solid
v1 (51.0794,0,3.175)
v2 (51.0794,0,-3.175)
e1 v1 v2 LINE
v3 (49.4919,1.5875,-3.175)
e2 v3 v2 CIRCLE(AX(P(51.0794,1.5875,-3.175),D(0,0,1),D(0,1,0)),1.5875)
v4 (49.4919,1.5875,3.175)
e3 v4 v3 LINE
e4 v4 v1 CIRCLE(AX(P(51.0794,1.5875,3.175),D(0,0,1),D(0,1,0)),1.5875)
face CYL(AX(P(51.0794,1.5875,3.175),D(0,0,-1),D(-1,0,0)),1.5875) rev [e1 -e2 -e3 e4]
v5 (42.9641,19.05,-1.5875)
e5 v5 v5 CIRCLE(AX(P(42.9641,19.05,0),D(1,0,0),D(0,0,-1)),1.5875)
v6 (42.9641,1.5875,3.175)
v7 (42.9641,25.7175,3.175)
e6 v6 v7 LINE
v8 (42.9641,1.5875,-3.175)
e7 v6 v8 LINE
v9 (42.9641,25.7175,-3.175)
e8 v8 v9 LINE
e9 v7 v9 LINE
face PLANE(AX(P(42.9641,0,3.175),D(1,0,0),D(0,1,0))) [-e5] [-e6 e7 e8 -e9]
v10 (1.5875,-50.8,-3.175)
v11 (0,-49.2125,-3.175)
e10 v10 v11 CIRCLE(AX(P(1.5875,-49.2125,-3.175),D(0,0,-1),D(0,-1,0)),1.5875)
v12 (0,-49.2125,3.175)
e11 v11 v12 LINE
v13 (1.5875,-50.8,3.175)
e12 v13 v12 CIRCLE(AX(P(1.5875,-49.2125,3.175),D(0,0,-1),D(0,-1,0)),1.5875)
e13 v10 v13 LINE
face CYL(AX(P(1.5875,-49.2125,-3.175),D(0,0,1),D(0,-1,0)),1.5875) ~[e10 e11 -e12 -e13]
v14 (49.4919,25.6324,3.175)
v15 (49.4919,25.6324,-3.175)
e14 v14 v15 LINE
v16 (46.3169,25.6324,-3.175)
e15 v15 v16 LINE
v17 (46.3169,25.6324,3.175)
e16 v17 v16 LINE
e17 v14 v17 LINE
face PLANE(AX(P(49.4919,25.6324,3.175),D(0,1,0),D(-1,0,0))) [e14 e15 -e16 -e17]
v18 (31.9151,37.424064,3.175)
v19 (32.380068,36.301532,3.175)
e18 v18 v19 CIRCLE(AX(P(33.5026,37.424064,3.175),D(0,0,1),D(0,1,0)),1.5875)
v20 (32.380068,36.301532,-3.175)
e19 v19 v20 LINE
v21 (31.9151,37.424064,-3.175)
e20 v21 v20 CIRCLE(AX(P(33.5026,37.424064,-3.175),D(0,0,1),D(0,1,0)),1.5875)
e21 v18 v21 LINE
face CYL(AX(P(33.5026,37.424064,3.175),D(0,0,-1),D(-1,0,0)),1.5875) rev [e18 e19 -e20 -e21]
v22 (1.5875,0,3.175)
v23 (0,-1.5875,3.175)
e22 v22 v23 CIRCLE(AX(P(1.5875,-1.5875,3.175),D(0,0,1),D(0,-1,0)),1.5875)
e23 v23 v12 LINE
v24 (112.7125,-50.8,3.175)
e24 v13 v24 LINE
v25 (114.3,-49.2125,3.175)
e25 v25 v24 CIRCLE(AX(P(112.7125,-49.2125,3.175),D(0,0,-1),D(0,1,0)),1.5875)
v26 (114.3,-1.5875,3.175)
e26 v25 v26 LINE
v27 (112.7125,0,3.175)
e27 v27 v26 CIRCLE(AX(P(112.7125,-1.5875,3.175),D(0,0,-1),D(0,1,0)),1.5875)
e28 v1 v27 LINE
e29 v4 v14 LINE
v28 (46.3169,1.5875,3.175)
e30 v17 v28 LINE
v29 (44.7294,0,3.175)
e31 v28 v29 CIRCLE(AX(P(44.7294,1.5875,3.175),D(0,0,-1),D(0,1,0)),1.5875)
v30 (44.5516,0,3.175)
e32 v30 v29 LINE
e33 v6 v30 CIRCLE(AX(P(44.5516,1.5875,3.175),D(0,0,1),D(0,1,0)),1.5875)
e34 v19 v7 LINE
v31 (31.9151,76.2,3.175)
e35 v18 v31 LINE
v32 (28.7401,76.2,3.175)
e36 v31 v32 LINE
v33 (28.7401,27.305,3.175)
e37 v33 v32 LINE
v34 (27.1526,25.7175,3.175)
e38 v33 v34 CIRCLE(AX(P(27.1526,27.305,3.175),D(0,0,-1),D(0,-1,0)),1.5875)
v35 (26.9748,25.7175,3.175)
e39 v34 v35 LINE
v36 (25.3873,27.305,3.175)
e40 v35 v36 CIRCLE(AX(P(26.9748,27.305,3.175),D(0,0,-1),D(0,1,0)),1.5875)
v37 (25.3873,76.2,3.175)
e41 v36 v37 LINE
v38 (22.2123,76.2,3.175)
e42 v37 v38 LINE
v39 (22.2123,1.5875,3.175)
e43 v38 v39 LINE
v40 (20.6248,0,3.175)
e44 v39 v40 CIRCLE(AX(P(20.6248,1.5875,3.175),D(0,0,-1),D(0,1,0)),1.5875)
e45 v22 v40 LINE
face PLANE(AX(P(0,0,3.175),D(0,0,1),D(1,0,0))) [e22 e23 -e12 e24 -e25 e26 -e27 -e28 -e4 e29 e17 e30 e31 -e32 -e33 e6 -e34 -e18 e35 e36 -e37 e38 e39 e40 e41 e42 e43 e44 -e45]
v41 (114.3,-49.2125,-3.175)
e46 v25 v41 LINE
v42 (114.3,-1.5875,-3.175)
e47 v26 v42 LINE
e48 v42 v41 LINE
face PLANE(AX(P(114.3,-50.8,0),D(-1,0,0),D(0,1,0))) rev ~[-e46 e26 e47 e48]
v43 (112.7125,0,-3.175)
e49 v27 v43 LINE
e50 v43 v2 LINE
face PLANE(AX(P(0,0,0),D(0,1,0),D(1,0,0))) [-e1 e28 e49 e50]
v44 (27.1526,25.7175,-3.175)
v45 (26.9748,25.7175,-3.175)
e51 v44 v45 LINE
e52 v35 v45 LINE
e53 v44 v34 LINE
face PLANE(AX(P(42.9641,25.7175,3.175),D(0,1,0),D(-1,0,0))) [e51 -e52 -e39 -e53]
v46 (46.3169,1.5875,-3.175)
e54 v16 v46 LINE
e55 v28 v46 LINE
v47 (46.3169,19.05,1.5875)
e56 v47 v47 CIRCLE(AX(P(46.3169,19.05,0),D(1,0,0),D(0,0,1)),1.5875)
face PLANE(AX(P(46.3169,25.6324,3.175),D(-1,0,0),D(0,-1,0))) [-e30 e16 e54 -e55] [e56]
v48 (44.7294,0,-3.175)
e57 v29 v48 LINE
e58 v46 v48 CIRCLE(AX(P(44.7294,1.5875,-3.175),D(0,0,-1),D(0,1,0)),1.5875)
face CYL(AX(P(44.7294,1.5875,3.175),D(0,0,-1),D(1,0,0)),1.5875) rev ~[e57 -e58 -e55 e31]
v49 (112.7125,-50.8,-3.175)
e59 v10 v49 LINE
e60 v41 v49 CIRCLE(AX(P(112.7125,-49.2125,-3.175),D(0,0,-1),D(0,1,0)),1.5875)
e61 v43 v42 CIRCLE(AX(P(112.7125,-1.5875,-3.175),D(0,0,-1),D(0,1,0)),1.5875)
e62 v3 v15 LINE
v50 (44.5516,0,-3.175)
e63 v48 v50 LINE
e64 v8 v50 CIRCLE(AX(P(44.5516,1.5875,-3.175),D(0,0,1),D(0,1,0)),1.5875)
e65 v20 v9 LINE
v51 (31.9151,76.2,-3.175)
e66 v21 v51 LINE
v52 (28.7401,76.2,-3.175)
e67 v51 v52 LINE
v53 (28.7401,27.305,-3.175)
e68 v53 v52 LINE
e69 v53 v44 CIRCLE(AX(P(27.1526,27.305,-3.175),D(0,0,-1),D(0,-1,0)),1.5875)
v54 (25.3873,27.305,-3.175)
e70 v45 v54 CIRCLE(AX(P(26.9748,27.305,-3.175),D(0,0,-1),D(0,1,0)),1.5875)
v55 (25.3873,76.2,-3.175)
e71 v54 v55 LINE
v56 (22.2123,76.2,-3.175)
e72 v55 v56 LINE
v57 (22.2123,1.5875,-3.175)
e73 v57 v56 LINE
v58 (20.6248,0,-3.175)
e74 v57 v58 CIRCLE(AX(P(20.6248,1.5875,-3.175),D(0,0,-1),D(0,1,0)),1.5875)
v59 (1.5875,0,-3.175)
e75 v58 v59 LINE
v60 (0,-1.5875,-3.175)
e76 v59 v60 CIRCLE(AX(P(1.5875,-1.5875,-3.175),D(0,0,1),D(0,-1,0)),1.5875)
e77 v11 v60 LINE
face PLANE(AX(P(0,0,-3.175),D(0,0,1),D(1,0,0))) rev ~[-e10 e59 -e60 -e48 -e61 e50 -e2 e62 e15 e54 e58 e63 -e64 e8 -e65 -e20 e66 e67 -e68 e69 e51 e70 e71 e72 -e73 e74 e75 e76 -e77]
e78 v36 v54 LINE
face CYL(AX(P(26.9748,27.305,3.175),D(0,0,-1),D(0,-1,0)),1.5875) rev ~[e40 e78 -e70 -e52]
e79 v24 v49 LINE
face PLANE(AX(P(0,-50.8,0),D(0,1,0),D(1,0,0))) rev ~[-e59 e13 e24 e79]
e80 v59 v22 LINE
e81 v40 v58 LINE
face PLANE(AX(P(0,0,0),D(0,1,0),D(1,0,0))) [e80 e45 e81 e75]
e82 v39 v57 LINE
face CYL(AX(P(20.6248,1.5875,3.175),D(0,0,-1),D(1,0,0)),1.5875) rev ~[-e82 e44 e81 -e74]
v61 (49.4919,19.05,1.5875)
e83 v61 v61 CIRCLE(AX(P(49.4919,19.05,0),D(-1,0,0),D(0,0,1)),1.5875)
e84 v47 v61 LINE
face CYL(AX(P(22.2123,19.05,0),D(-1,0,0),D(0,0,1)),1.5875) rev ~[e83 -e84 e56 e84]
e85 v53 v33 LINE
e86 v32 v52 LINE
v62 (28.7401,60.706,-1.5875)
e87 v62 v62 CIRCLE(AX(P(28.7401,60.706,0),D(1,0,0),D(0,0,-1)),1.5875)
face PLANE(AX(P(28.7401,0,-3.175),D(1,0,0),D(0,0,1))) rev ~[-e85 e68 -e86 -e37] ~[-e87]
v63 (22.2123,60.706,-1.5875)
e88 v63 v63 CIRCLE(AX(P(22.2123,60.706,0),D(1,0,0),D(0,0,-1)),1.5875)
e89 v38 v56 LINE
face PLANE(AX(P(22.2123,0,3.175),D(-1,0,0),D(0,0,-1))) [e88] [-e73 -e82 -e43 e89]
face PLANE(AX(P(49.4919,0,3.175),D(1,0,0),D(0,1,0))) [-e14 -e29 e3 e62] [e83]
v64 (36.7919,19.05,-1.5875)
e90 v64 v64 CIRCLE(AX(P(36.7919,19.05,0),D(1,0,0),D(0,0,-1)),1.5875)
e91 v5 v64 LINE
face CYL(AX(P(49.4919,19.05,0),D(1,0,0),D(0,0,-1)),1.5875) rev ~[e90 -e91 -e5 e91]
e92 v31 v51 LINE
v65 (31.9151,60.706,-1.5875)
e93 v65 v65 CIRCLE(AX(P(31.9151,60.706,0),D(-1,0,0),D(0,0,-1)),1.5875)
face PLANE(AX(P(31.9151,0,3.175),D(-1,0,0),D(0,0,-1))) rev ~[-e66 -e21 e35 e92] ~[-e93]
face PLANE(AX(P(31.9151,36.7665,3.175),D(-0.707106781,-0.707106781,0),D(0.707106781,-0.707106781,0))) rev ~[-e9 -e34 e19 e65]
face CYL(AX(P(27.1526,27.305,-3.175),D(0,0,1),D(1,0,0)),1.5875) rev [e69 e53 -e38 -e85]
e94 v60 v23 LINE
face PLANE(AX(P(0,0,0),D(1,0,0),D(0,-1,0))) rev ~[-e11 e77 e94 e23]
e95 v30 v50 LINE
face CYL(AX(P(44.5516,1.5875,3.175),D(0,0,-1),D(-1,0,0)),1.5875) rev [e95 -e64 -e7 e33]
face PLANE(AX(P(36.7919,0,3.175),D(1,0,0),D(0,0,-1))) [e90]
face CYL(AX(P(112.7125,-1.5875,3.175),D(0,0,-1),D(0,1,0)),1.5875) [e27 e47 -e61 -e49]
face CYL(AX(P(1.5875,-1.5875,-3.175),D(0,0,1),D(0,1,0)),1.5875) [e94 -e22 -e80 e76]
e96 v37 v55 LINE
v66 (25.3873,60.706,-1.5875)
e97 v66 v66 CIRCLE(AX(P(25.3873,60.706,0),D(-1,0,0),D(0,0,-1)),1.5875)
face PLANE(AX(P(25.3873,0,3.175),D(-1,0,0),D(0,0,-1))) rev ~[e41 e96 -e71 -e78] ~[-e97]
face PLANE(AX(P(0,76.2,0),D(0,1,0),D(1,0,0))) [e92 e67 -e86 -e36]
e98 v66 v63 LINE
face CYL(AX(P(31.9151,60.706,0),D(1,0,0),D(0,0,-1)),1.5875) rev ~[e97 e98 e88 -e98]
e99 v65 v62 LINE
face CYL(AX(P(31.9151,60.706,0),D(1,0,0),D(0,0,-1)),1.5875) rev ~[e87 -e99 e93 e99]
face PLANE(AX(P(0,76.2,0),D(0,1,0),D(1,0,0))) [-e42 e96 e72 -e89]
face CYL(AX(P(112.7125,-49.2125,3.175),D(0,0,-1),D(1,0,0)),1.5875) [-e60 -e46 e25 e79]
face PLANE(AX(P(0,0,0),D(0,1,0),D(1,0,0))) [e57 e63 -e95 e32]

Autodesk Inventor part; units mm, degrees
ref_plane "YZ Plane" through (0, 0, 0) normal (1, 0, 0) x (0, 1, 0)
ref_plane "XZ Plane" through (0, 0, 0) normal (0, 1, 0) x (-1, 0, 0)
ref_plane "XY Plane" through (0, 0, 0) normal (0, 0, 1) x (1, 0, 0)
sketch "Sketch1" plane through (0, 0, 0) normal (0, 0, 1) x (1, 0, 0)
  line L0 (0, 0) -> (114.3, 0)
  line L1 (0, 0) -> (0, -50.8)
  line L2 (0, -50.8) -> (114.3, -50.8)
  line L3 (114.3, -50.8) -> (114.3, 0)
  dimension "d1" = 114.3
  dimension "d2" = 50.8
  dimension "d3" = 114.3
extrude "Extrusion1" add sketch "Sketch1" along normal blind 3.175
sketch "Sketch2" plane through (0, 0, 0) normal (0, 1, 0) x (1, 0, 0)
  line L0 (114.3, -3.175) -> (0, -3.175) projected
  line L1 (25.3873, -1.5875) -> (25.3873, 0)
  line L2 (25.3873, -3.175) -> (25.3873, -1.5875)
  line L3 (28.7401, -1.5875) -> (28.7401, -3.175)
  line L4 (28.7401, -1.5875) -> (28.7401, 0)
  line L5 (25.3873, -3.175) -> (22.2123, -3.175)
  line L6 (22.2123, -3.175) -> (22.2123, 3.175)
  line L7 (28.7401, -3.175) -> (31.9151, -3.175)
  line L8 (31.9151, -3.175) -> (31.9151, 3.175)
  line L9 (25.3873, 0) -> (25.3873, 3.175)
  line L10 (25.3873, 3.175) -> (22.2123, 3.175)
  line L11 (31.9151, 3.175) -> (28.7401, 3.175)
  line L12 (28.7401, 3.175) -> (28.7401, 0)
  point P0 (27.0637, -1.5875)
  dimension "d7" = 1.6764
  dimension "d8" = 1.6764
  dimension "d9" = 3.175
  dimension "d10" = 6.35
  dimension "d11" = 3.175
sketch "Sketch3" plane through (0, 0, 0) normal (0, 0, -1) x (-1, 0, 0)
  line L0 (-114.3, 0) -> (0, 0) projected
  line L1 (0, -50.8) -> (-114.3, -50.8) projected
  line L2 (0, 0) -> (-114.3, 0)
  line L3 (-114.3, 0) -> (-114.3, -50.8)
  line L4 (-114.3, -50.8) -> (0, -50.8)
  line L5 (0, -50.8) -> (0, 0)
extrude "Extrusion2" add sketch "Sketch3" along normal blind 3.175
extrude "Extrusion3" add sketch "Sketch2" along normal blind 76.2 contours L0 L3 L4 L12 L11 L8
extrude "Extrusion4" add sketch "Sketch2" along normal blind 76.2 contours L0 L6 L10 L9 L1 L2
sketch "Sketch4" plane through (31.9151, 0, 3.175) normal (1, 0, 0) x (0, 0, -1)
  line L0 (3.175, 0) -> (3.175, 19.05)
  circle A0 centre (3.175, 19.05) radius 1.5875
  dimension "d18" = 19.05
  dimension "d19" = 3.175
extrude "Extrusion5" cut sketch "Sketch4" along normal mid plane 50.8
sketch "Sketch5" plane through (31.9151, 0, 3.175) normal (1, 0, 0) x (0, 0, -1)
  circle A0 centre (3.175, 19.05) radius 1.5875 projected
  line L0 (3.175, 19.05) -> (3.175, 60.706)
  circle A1 centre (3.175, 60.706) radius 1.5875
  point P0 (3.175, 0)
  dimension "d22" = 41.656
  dimension "d23" = 3.175
extrude "Extrusion6" cut sketch "Sketch5" against normal blind 50.8 contours A1
sketch "Sketch6" plane through (25.3873, 0, 3.175) normal (1, 0, 0) x (0, 0, -1)
  point P0 (3.175, 0)
sketch "Sketch7" plane through (0, 0, 3.175) normal (0, 0, 1) x (1, 0, 0)
  point P0 (0, 0)
sketch "Sketch8" plane through (0, 0, 3.175) normal (0, 0, 1) x (1, 0, 0)
  line L0 (38.0873, 0) -> (41.2623, 0)
  line L1 (41.2623, 0) -> (41.2623, 22.5425)
  line L2 (38.0873, 0) -> (38.0873, 22.5425)
  line L3 (38.0873, 22.5425) -> (41.2623, 22.5425)
  line L4 (38.0873, 22.5425) -> (31.9151, 22.5425)
  line L5 (31.9151, 0) -> (31.9151, 76.2) projected
  line L6 (41.2623, 22.5425) -> (41.2623, 25.7175)
  line L7 (41.2623, 25.7175) -> (31.9151, 25.7175)
  point P0 (0, 0)
  dimension "d30" = 3.175
  dimension "d34" = 3.175
sketch "Sketch9" plane through (0, 0, 3.175) normal (0, 0, 1) x (1, 0, 0)
  line L0 (41.2623, 25.7175) -> (41.2623, 0) projected
  line L1 (31.9151, 0) -> (114.3, 0) projected
  line L2 (44.6151, 0) -> (44.6151, 25.6324)
  line L3 (44.6151, 25.6324) -> (47.7901, 25.6324)
  line L4 (47.7901, 0) -> (47.7901, 25.6324)
  line L5 (44.6151, 0) -> (47.7901, 0)
  point P0 (0, 0)
  dimension "d35" = 3.3528
  dimension "d36" = 3.175
sketch "Sketch12" plane through (0, 0, 3.175) normal (0, 0, 1) x (1, 0, 0)
  line L0 (44.6151, 0) -> (44.6151, 25.6324) projected
  line L1 (44.6151, 0) -> (46.3169, 0)
  line L2 (46.3169, 0) -> (49.4919, 0)
  line L3 (25.3873, 0) -> (114.3, 0) projected
  line L4 (49.4919, 0) -> (49.4919, 25.6324)
  line L5 (49.4919, 25.6324) -> (46.3169, 25.6324)
  line L6 (46.3169, 25.6324) -> (46.3169, 0)
  point P0 (0, 0)
  point P1 (47.7901, 0)
  point P2 (41.2623, 0)
  dimension "d44" = 1.7018
  dimension "d45" = 3.175
extrude "Extrusion11" add sketch "Sketch12" against normal blind 6.35
sketch "Sketch13" plane through (0, 0, 3.175) normal (0, 0, 1) x (1, 0, 0)
  line L0 (38.0873, 22.5425) -> (38.0873, 0) projected
  line L1 (38.0873, 0) -> (39.7891, 0)
  line L2 (39.7891, 0) -> (42.9641, 0)
  line L3 (46.3169, 0) -> (31.9151, 0) projected
  line L4 (39.7891, 0) -> (39.7891, 25.7175)
  line L5 (41.2623, 25.7175) -> (31.9151, 25.7175) projected
  line L6 (42.9641, 0) -> (42.9641, 25.7175)
  line L7 (42.9641, 25.7175) -> (39.7891, 25.7175)
  point P0 (0, 0)
  point P1 (41.2623, 0)
  dimension "d48" = 1.7018
  dimension "d49" = 3.175
extrude "Extrusion12" add sketch "Sketch13" against normal blind 6.35
sketch "Sketch14" plane through (0, 0, 3.175) normal (0, 0, 1) x (1, 0, 0)
  line L0 (39.7891, 25.7175) -> (42.9641, 25.7175) projected
  line L1 (39.7891, 25.7175) -> (39.7891, 22.5425)
  line L2 (39.7891, 25.7175) -> (39.7891, 0) projected
  line L3 (39.7891, 22.5425) -> (31.9151, 22.5425)
  line L4 (39.7891, 25.7175) -> (50.9246, 25.7175) construction
  line L5 (42.9641, 25.7175) -> (56.7757, 25.7175) construction
  line L6 (31.9151, 0) -> (31.9151, 76.2) projected
  line L7 (31.9151, 36.7665) -> (42.9641, 25.7175)
  line L8 (31.9151, 36.7665) -> (31.9151, 22.5425)
  line L9 (42.9641, 25.7175) -> (39.7891, 25.7175) projected
  line L10 (39.7891, 25.7175) -> (42.9641, 25.7175)
  point P0 (0, 0)
  dimension "d52" = 3.175
extrude "Extrusion13" add sketch "Sketch14" against normal blind 6.35
sketch "Sketch15" plane through (22.2123, 0, -3.175) normal (-1, 0, 0) x (0, 0, 1)
  circle A0 centre (3.175, 19.05) radius 1.5875 projected
  circle A1 centre (3.175, 19.05) radius 1.5875
  point P0 (3.175, 0)
extrude "Extrusion14" cut sketch "Sketch15" against normal blind 50.8
sketch "Sketch16" plane through (0, 0, 3.175) normal (0, 0, 1) x (1, 0, 0)
  line L0 (31.9151, 36.7665) -> (42.9641, 25.7175) projected
  line L1 (42.9641, 25.7175) -> (22.2123, 25.7175)
  line L2 (22.2123, 0) -> (22.2123, 76.2) projected
  line L3 (42.9641, 25.7175) -> (42.9641, 0) projected
  line L4 (42.9641, 0) -> (22.2123, 0)
  line L5 (22.2123, 0) -> (22.2123, 25.7175)
  line L6 (42.9641, 25.7175) -> (42.9641, 0)
  point P0 (0, 0)
extrude "Extrusion15" add sketch "Sketch16" against normal blind 6.35
sketch "Sketch17" plane through (49.4919, 0, 3.175) normal (1, 0, 0) x (0, 0, -1)
  circle A0 centre (3.175, 19.05) radius 1.5875 projected
  circle A1 centre (3.175, 19.05) radius 1.5875
  point P0 (3.175, 0)
extrude "Extrusion16" cut sketch "Sketch17" against normal blind 12.7
fillet "Fillet1" radius 1.5875 2 edges at (42.9641, 0, 0) (46.3169, 0, 0)
fillet "Fillet2" radius 1.5875 8 edges at (25.3873, 25.7175, 0) (28.7401, 25.7175, 0) (22.2123, 0, 0) (0, 0, 0) (49.4919, 0, 0) (114.3, 0, 0) (114.3, -50.8, 0) (0, -50.8, 0)
fillet "Fillet3" radius 1.5875 1 edges at (31.9151, 36.7665, 0)
properties part number "2BarClawPaddle" material "Aluminum 6061"
